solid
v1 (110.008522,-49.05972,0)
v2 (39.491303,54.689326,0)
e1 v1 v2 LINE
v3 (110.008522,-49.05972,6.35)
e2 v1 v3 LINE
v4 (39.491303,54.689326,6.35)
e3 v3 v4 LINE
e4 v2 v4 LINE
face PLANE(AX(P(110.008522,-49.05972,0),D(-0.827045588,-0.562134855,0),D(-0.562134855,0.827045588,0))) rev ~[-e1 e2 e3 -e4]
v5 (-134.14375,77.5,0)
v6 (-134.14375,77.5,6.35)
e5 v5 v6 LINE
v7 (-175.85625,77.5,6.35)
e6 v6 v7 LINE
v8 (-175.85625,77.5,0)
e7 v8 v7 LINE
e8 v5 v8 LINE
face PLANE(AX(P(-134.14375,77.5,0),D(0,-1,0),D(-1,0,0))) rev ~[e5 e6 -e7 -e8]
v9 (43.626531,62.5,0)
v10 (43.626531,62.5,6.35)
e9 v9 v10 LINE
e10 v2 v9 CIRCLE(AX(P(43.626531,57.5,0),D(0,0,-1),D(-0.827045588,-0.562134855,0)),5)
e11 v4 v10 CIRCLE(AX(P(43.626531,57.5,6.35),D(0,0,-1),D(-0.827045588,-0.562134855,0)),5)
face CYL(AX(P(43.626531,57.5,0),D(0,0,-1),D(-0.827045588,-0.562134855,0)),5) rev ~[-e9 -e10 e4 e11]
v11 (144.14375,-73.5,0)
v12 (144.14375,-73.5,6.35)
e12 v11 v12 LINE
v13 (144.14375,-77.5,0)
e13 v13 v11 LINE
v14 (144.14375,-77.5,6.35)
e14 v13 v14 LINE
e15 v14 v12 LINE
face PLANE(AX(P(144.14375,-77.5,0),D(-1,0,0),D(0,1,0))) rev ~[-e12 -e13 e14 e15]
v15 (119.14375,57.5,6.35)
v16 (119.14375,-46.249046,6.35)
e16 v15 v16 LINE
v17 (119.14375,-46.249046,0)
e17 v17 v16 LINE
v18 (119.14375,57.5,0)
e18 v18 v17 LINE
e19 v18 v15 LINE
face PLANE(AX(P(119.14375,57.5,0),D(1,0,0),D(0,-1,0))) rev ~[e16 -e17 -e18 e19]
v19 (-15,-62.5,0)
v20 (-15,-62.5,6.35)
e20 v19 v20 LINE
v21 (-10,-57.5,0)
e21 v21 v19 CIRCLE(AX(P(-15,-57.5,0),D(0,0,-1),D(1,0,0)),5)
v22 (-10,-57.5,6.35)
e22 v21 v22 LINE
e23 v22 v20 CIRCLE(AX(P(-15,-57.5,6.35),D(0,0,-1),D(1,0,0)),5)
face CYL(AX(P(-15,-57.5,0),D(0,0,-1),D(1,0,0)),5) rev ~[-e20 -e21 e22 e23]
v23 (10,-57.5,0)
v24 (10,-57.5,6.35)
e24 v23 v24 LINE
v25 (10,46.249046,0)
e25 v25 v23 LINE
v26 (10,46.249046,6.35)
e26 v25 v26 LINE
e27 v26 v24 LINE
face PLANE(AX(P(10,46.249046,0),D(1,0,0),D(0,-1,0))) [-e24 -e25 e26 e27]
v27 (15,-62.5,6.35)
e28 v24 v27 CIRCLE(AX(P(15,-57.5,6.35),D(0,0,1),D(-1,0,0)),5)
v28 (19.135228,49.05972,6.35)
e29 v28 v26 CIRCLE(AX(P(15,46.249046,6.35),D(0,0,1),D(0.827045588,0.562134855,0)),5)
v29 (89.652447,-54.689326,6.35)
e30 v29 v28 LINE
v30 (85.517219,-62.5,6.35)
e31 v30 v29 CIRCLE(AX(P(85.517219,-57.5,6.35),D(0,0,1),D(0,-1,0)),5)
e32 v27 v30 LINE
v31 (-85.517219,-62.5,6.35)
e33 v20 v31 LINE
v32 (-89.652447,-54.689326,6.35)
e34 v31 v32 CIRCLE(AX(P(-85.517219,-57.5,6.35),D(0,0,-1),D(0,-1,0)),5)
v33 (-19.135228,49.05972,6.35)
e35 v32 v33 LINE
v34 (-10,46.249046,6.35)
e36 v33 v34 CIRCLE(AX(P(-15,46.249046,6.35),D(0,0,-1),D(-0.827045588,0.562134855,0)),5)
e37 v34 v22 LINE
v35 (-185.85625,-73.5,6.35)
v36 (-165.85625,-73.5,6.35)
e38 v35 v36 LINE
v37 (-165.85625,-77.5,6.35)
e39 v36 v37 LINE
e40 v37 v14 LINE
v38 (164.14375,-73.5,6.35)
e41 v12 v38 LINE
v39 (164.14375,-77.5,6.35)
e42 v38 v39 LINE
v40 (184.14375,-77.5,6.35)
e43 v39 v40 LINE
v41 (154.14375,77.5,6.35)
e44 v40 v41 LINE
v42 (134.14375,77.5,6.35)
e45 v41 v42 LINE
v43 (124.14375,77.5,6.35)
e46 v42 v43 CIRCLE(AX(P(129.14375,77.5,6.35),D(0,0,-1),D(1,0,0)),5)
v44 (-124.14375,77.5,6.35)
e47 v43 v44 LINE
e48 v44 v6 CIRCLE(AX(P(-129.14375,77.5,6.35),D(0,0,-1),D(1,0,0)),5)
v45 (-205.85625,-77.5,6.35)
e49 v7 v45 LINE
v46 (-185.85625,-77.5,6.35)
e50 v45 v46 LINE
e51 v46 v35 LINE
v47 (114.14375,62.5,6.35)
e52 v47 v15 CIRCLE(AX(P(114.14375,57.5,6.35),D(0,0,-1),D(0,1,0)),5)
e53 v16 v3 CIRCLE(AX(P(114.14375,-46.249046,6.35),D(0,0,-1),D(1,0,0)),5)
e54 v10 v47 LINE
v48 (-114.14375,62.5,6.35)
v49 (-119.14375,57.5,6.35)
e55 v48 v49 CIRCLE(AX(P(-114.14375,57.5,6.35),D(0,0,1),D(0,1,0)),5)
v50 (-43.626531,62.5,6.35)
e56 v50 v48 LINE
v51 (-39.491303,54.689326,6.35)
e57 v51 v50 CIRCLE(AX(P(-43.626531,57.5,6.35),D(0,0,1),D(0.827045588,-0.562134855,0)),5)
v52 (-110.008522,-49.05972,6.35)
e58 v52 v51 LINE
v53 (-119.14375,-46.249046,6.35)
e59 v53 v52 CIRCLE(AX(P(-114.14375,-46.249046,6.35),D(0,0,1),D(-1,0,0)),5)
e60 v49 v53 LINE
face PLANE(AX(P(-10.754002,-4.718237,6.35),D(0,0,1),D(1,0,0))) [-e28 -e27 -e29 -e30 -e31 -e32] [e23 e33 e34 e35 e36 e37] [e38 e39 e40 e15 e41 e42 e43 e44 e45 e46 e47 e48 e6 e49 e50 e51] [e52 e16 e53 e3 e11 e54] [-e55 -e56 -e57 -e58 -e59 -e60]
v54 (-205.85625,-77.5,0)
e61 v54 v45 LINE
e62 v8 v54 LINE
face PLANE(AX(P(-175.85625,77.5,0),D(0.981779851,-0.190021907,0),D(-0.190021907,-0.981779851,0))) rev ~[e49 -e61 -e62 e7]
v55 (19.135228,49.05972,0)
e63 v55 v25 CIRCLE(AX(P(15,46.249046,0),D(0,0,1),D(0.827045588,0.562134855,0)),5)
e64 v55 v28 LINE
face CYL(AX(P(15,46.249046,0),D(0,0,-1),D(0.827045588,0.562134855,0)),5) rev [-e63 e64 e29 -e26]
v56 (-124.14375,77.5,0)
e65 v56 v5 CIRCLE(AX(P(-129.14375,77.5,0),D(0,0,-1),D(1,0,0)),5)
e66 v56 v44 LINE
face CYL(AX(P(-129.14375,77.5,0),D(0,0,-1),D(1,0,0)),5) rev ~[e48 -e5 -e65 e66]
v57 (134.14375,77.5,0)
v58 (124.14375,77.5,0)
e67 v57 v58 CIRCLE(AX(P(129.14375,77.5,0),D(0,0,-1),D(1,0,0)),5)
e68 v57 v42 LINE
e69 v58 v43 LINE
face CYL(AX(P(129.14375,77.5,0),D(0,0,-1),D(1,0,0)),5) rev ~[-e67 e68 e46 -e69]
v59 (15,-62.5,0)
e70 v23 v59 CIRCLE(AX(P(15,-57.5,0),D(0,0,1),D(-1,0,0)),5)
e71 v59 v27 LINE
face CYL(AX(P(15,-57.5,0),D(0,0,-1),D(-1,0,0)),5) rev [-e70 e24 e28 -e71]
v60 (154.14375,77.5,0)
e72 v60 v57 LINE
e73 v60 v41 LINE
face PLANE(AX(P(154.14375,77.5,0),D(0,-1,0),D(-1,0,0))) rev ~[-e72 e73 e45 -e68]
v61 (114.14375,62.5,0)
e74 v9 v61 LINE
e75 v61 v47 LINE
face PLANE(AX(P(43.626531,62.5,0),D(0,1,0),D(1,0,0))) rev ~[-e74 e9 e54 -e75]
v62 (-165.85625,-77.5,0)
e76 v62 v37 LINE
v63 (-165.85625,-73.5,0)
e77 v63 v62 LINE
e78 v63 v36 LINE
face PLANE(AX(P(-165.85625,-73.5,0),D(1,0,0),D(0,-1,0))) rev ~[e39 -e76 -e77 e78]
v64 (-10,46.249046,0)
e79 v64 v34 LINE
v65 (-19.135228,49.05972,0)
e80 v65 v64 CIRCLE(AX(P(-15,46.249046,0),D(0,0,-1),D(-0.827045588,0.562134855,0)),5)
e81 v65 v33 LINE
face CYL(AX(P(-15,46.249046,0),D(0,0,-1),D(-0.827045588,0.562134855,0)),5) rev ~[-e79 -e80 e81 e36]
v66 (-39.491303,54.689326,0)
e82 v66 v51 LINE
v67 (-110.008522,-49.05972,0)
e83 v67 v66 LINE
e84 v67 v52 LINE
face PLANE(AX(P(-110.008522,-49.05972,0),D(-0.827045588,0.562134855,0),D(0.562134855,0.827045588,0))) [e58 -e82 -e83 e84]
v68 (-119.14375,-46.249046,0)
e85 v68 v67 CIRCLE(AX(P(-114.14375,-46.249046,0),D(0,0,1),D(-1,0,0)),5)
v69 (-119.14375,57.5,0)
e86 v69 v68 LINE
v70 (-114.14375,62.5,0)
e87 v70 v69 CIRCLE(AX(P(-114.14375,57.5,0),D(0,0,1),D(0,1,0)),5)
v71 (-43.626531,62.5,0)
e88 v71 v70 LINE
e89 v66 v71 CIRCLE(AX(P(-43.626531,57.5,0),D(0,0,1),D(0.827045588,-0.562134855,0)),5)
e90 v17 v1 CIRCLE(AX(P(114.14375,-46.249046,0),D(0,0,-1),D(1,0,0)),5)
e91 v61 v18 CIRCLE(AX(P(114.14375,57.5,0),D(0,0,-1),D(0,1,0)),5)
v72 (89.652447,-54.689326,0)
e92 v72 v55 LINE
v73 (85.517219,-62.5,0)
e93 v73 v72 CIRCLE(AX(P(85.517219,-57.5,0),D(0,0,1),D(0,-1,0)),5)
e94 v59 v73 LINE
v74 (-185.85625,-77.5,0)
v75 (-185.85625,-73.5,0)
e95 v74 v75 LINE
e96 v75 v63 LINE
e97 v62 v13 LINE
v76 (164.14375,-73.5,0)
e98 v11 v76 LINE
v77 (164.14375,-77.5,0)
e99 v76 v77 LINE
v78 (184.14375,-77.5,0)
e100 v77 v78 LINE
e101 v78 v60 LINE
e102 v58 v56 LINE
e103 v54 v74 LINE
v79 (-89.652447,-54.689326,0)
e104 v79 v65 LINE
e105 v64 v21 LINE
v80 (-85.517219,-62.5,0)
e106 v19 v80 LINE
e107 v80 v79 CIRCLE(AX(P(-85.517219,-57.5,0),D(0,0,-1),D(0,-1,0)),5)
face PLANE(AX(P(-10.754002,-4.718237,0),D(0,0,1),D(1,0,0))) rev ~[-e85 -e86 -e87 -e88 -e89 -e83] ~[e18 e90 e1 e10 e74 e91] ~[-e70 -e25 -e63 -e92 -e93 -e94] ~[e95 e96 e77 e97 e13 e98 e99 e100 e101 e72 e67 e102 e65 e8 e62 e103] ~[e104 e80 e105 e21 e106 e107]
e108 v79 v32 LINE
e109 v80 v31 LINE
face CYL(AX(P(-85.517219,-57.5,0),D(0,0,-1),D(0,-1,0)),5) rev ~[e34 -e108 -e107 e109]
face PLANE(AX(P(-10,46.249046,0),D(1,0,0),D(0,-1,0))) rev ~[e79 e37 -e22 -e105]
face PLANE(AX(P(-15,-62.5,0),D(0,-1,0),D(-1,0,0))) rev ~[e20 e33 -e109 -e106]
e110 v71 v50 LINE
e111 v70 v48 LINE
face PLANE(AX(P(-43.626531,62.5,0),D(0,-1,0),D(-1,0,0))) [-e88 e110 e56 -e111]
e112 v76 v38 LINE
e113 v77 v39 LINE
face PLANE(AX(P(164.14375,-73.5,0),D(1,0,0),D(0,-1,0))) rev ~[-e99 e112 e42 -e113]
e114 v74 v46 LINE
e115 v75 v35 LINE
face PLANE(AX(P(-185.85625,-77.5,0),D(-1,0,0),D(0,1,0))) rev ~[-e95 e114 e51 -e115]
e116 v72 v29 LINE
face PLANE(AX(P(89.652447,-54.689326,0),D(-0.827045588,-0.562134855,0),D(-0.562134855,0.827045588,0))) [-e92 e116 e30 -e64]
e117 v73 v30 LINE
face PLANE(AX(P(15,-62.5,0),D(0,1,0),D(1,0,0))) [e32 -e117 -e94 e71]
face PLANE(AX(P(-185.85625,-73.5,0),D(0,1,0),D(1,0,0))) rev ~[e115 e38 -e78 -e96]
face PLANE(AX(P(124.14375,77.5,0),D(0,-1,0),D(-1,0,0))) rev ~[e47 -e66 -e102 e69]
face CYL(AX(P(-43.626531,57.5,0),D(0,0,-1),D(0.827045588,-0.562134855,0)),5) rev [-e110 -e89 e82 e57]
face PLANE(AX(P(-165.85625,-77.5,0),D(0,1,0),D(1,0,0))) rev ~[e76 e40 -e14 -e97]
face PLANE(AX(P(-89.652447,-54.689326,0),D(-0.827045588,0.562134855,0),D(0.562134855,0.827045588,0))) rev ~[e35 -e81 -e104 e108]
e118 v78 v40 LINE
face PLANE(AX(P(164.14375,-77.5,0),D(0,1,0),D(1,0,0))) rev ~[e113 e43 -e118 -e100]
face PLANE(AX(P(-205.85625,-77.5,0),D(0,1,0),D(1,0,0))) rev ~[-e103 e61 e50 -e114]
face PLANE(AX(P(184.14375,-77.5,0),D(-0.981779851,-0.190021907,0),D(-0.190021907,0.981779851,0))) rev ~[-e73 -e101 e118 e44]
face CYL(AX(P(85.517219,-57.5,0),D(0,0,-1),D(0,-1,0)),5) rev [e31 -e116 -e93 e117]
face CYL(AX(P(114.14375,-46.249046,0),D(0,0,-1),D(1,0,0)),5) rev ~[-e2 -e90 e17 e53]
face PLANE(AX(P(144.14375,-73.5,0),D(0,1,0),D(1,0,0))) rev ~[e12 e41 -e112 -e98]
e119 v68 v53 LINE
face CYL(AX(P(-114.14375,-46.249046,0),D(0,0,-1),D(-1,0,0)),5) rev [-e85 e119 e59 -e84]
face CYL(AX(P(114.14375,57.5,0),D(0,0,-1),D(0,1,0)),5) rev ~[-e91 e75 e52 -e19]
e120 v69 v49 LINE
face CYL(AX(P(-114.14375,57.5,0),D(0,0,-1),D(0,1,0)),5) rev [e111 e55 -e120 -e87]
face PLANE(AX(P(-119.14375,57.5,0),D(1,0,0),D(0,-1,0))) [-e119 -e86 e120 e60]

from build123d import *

# Parameters (mm, degrees)
EXTRUDE1_DEPTH = 6.35


with BuildPart() as part:
    # Sketch1 → Extrude1 (new body)
    with BuildSketch(Plane.XY):
        with BuildLine():
            Line((-165.85625, -77.5), (144.14375, -77.5))
            Line((144.14375, -77.5), (144.14375, -73.5))
            Line((144.14375, -73.5), (164.14375, -73.5))
            Line((164.14375, -73.5), (164.14375, -77.5))
            Line((164.14375, -77.5), (184.14375, -77.5))
            Line((184.14375, -77.5), (154.14375, 77.5))
            Line((154.14375, 77.5), (134.14375, 77.5))
            ThreePointArc((134.14375, 77.5), (129.14375, 72.5), (124.14375, 77.5))
            Line((124.14375, 77.5), (-124.14375, 77.5))
            ThreePointArc((-124.14375, 77.5), (-129.14375, 72.5), (-134.14375, 77.5))
            Line((-134.14375, 77.5), (-175.85625, 77.5))
            Line((-175.85625, 77.5), (-205.85625, -77.5))
            Line((-205.85625, -77.5), (-185.85625, -77.5))
            Line((-185.85625, -77.5), (-185.85625, -73.5))
            Line((-185.85625, -73.5), (-165.85625, -73.5))
            Line((-165.85625, -73.5), (-165.85625, -77.5))
        make_face()
        with BuildLine():
            Line((-119.14375, 57.5), (-119.14375, -46.249045525))
            ThreePointArc((-119.14375, -46.249045525), (-115.614100349, -51.027964843), (-110.00852206, -49.059719801))
            Line((-110.00852206, -49.059719801), (-39.491303269, 54.689325724))
            ThreePointArc((-39.491303269, 54.689325724), (-39.207630249, 59.839511554), (-43.626531209, 62.5))
            Line((-43.626531209, 62.5), (-114.14375, 62.5))
            ThreePointArc((-114.14375, 62.5), (-117.679283906, 61.035533906), (-119.14375, 57.5))
        make_face(mode=Mode.SUBTRACT)
        with BuildLine():
            Line((-89.652446731, -54.689325724), (-19.13522794, 49.059719801))
            ThreePointArc((-19.13522794, 49.059719801), (-13.529649651, 51.027964843), (-10, 46.249045525))
            Line((-10, 46.249045525), (-10, -57.5))
            ThreePointArc((-10, -57.5), (-11.464466094, -61.035533906), (-15, -62.5))
            Line((-15, -62.5), (-85.517218791, -62.5))
            ThreePointArc((-85.517218791, -62.5), (-89.936119751, -59.839511554), (-89.652446731, -54.689325724))
        make_face(mode=Mode.SUBTRACT)
        with BuildLine():
            Line((15, -62.5), (85.517218791, -62.5))
            ThreePointArc((85.517218791, -62.5), (89.936119751, -59.839511554), (89.652446731, -54.689325724))
            Line((89.652446731, -54.689325724), (19.13522794, 49.059719801))
            ThreePointArc((19.13522794, 49.059719801), (13.529649651, 51.027964843), (10, 46.249045525))
            Line((10, 46.249045525), (10, -57.5))
            ThreePointArc((10, -57.5), (11.464466094, -61.035533906), (15, -62.5))
        make_face(mode=Mode.SUBTRACT)
        with BuildLine():
            Line((43.626531209, 62.5), (114.14375, 62.5))
            ThreePointArc((114.14375, 62.5), (117.679283906, 61.035533906), (119.14375, 57.5))
            Line((119.14375, 57.5), (119.14375, -46.249045525))
            ThreePointArc((119.14375, -46.249045525), (115.614100349, -51.027964843), (110.00852206, -49.059719801))
            Line((110.00852206, -49.059719801), (39.491303269, 54.689325724))
            ThreePointArc((39.491303269, 54.689325724), (39.207630249, 59.839511554), (43.626531209, 62.5))
        make_face(mode=Mode.SUBTRACT)
    extrude(amount=EXTRUDE1_DEPTH)


solid = part.part
